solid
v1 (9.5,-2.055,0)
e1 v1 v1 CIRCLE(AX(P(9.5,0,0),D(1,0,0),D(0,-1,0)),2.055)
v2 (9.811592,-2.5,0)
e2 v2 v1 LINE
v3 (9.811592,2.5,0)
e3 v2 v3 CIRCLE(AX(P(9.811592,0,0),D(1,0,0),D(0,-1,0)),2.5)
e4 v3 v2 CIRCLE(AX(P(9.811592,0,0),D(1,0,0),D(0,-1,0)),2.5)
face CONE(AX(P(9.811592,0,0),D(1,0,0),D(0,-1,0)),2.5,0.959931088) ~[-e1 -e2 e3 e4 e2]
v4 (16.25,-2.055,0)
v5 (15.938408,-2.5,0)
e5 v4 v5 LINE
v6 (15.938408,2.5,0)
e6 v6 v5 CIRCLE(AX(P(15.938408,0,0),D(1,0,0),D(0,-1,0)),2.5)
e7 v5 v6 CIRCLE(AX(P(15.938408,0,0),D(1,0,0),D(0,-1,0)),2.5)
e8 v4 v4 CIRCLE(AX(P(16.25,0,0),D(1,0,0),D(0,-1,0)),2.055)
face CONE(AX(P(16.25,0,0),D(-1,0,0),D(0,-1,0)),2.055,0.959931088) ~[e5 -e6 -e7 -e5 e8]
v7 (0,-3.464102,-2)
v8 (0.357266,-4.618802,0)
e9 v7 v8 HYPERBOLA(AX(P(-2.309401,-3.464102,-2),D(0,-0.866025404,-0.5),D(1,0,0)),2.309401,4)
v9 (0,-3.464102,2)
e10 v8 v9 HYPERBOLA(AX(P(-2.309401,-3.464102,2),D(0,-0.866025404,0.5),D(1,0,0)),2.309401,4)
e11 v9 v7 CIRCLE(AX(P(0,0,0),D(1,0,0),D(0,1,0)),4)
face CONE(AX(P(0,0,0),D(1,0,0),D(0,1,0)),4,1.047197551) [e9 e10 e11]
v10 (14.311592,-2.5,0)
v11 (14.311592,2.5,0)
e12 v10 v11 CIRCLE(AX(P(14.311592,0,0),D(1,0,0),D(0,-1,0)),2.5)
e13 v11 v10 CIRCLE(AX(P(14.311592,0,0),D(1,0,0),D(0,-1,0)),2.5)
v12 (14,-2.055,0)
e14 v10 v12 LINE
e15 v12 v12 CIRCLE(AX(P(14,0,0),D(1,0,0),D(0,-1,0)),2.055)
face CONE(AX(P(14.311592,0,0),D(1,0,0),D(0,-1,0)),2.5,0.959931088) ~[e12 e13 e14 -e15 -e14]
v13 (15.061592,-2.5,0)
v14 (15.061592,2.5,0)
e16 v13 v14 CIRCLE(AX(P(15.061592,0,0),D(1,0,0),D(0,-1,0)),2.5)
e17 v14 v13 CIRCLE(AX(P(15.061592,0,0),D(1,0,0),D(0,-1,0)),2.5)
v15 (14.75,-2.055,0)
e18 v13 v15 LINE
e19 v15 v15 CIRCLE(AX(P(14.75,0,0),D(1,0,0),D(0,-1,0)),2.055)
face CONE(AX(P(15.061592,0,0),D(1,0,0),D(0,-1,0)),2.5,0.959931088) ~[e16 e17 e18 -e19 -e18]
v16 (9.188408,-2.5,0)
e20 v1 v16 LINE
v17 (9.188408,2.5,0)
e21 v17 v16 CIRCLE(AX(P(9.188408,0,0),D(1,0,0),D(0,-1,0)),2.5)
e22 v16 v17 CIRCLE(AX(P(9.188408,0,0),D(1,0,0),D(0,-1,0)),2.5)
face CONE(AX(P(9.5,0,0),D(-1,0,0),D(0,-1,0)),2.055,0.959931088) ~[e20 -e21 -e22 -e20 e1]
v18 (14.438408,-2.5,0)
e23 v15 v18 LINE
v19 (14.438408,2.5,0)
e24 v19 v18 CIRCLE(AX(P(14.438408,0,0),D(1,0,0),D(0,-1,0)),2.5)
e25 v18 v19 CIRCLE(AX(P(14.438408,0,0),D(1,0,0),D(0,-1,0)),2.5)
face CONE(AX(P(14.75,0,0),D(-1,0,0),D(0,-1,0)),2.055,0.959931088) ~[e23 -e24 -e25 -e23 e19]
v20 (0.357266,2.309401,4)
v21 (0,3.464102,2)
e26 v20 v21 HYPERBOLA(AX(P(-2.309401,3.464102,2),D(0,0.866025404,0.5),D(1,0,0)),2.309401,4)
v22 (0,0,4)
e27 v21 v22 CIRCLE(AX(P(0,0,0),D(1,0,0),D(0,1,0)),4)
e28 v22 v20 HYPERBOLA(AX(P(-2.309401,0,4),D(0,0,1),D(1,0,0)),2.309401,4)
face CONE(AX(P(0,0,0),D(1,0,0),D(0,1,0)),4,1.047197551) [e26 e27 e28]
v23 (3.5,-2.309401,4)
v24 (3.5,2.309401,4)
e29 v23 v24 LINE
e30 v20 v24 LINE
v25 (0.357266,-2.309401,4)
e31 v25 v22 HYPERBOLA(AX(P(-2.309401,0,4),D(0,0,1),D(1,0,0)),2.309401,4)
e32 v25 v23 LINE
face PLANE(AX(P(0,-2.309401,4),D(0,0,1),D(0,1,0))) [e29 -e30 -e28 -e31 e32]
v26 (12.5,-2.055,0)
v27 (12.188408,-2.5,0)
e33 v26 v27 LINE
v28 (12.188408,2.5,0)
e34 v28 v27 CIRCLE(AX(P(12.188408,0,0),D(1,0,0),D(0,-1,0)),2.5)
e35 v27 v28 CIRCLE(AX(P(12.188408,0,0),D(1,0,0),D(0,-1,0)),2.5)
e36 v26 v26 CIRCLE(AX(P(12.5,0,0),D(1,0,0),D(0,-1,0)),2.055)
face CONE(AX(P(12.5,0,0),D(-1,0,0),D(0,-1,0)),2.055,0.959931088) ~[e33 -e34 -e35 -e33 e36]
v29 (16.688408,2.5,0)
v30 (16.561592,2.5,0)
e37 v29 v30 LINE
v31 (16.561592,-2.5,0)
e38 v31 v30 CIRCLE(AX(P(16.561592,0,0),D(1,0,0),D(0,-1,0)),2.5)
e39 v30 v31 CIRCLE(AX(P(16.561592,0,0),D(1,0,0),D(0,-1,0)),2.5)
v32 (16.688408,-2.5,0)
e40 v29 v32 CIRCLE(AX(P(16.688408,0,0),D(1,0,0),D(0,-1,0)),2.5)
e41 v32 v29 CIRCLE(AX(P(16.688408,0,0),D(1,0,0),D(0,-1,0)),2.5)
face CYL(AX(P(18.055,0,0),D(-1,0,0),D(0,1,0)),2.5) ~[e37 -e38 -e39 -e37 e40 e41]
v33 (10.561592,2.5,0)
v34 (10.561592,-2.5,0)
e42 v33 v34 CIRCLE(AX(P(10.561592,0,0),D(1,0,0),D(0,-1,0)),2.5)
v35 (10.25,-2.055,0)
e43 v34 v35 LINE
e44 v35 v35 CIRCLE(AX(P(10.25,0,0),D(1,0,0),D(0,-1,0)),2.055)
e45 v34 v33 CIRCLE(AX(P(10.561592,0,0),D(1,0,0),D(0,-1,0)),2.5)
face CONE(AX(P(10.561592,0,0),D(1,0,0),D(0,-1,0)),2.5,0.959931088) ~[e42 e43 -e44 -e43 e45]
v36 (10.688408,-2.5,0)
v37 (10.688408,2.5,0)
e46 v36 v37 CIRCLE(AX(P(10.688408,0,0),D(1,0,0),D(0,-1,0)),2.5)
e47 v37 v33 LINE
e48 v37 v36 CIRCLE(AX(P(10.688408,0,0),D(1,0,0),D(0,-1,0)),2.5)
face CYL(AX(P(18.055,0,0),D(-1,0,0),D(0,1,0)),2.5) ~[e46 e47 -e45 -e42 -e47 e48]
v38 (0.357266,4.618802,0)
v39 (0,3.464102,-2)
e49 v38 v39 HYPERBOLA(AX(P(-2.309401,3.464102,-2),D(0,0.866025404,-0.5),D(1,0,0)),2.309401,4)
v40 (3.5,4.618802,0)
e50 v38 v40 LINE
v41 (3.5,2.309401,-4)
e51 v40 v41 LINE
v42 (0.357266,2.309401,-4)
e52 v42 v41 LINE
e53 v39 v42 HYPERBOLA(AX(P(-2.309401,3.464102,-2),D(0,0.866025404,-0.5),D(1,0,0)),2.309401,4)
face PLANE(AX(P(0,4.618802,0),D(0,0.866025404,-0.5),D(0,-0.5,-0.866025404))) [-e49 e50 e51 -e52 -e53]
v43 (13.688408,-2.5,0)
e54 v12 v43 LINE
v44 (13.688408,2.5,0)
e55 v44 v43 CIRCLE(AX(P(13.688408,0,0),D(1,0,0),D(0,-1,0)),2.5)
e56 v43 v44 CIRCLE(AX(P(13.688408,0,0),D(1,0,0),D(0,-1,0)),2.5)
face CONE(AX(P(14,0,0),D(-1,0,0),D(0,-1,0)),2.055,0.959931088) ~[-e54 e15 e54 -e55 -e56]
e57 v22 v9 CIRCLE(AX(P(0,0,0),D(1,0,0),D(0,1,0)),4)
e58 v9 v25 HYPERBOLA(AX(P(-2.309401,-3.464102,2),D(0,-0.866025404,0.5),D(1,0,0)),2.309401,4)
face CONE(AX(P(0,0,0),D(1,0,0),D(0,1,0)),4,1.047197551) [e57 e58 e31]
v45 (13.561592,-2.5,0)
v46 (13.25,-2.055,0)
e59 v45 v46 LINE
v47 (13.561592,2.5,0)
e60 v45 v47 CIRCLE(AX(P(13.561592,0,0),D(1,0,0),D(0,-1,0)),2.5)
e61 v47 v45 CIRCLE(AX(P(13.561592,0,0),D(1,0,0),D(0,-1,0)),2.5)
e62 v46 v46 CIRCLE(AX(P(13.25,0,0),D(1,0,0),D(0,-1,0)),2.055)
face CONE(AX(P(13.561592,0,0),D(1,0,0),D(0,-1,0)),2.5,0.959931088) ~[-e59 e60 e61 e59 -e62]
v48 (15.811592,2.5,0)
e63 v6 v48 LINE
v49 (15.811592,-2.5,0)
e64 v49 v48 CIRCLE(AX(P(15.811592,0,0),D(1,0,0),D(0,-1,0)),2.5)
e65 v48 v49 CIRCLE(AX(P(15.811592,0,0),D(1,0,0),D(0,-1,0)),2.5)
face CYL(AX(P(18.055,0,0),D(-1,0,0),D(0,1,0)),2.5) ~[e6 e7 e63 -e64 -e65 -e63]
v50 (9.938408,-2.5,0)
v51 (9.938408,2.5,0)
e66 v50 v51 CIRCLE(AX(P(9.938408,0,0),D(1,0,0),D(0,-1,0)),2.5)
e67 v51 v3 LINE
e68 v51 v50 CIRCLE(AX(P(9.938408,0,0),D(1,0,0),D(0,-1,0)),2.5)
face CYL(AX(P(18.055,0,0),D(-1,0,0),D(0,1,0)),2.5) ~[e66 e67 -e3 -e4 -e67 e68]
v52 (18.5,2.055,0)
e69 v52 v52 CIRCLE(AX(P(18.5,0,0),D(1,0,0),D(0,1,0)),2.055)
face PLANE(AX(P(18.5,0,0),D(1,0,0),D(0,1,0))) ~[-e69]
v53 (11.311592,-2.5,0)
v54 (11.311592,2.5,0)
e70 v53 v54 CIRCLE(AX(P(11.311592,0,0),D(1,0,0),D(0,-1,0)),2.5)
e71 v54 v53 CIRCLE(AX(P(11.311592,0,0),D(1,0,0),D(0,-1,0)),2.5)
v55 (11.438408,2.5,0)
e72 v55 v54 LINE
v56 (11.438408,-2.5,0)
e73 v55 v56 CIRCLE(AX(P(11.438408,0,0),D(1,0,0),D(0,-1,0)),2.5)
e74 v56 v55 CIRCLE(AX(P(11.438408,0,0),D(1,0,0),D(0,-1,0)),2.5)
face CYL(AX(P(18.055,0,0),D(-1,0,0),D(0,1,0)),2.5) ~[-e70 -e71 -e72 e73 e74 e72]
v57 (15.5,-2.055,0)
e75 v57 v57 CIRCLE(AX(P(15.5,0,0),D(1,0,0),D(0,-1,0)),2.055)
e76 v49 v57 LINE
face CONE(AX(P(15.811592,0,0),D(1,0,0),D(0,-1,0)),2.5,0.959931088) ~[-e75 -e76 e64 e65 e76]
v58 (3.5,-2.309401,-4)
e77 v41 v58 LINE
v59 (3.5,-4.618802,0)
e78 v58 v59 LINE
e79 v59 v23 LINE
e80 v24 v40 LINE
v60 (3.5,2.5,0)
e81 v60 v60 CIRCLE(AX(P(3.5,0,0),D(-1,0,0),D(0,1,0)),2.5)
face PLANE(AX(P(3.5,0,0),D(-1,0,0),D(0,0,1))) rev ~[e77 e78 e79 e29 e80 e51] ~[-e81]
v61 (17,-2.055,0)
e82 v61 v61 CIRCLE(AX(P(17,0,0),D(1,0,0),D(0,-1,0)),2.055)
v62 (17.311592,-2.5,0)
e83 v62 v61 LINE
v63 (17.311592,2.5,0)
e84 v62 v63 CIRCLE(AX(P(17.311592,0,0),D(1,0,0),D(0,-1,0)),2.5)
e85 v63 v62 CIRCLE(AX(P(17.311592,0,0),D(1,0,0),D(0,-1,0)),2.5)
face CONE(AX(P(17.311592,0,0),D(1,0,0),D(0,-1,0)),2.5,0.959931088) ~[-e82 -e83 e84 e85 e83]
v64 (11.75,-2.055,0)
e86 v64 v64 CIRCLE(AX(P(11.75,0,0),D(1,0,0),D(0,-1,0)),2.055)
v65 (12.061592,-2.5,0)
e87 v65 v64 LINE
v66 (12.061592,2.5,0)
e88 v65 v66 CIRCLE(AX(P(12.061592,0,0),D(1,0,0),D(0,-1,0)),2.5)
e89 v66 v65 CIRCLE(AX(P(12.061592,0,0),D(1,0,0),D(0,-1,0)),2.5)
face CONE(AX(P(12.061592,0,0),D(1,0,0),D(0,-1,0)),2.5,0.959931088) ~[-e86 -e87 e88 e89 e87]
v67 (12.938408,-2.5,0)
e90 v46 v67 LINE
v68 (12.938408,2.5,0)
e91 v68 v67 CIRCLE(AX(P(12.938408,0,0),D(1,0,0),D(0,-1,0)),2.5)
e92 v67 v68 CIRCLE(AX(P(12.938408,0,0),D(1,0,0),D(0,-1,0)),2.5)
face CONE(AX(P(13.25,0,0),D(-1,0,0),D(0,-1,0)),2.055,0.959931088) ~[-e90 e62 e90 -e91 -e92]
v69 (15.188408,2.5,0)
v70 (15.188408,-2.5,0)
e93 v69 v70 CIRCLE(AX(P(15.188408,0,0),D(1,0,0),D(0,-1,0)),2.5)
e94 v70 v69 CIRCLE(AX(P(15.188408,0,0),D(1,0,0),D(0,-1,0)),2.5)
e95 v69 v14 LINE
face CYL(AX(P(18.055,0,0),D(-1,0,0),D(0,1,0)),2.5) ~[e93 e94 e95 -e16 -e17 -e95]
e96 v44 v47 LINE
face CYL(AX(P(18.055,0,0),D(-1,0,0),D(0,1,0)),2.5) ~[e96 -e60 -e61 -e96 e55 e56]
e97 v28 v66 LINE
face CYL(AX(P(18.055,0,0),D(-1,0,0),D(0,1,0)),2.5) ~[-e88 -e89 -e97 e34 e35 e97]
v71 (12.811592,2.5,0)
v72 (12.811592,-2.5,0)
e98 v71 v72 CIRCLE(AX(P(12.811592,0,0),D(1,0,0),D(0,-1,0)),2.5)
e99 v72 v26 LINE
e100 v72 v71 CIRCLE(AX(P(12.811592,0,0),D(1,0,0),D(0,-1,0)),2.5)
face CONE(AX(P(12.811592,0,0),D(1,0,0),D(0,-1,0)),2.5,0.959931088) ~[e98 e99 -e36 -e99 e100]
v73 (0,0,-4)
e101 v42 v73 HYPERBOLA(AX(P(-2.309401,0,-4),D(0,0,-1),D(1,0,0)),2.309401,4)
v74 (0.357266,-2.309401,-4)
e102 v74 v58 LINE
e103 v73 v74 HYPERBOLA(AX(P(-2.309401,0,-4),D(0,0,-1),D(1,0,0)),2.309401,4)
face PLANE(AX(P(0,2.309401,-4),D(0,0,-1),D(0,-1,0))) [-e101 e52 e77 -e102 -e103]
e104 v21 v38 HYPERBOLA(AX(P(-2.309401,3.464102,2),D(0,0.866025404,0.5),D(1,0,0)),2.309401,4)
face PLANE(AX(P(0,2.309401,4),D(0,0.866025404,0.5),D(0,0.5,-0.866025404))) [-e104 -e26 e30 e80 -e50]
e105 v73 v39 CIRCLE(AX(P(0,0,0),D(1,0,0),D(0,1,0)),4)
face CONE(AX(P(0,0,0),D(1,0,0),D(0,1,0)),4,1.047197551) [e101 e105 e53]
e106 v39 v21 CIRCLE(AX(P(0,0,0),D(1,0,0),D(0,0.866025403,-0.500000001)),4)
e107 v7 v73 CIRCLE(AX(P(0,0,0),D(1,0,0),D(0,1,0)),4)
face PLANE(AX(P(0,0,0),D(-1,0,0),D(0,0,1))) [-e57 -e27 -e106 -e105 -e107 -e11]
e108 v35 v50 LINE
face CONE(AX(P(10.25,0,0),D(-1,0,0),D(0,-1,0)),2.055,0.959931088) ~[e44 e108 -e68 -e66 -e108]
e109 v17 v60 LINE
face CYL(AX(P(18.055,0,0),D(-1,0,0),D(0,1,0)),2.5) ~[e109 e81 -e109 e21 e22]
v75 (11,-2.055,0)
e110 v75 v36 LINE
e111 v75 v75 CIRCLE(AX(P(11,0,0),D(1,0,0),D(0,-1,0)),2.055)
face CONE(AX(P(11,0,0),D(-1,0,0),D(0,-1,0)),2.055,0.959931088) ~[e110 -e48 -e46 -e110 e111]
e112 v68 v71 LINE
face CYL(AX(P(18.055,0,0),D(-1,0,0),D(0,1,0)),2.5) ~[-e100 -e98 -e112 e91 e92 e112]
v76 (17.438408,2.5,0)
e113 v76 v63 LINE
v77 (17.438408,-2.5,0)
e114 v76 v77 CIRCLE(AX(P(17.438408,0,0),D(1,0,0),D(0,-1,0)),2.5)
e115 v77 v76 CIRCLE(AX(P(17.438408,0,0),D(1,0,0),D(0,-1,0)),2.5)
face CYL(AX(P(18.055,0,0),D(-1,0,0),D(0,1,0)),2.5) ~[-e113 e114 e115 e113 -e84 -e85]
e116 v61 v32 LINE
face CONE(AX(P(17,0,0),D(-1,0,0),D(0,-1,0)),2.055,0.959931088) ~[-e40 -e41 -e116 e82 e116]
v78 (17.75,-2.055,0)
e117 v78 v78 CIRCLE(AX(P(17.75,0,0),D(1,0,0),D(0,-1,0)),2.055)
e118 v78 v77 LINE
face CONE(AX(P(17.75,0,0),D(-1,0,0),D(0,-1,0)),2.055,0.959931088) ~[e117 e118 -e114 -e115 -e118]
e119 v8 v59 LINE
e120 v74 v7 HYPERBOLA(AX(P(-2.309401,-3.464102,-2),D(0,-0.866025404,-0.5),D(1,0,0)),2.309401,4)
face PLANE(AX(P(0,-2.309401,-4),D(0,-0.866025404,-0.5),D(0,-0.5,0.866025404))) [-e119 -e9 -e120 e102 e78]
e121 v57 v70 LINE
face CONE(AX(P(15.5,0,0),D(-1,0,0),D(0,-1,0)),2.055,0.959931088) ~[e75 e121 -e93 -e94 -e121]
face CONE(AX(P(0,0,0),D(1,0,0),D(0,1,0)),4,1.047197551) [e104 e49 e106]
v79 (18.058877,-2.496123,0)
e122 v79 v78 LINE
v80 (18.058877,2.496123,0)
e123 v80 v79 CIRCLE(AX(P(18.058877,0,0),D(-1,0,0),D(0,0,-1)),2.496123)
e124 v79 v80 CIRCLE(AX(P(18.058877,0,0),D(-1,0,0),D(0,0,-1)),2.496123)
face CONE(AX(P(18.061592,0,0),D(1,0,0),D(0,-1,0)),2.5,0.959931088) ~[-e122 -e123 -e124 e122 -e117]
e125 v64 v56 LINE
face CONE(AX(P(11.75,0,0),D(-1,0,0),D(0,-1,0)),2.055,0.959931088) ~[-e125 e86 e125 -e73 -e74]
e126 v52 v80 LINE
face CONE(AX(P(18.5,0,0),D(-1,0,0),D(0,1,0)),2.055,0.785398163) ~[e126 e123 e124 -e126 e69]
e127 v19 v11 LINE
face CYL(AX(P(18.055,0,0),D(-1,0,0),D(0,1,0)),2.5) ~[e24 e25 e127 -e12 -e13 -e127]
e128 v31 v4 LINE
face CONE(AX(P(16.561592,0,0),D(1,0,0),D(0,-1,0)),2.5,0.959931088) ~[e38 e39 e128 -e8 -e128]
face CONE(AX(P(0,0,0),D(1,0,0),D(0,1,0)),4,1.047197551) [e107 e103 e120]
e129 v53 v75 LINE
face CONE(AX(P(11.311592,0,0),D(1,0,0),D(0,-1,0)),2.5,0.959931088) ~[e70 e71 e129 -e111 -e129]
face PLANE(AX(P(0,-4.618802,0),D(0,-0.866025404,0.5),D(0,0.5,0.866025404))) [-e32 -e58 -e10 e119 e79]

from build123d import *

# Parameters (mm, degrees)
BASEHEAD_DEPTH  = 3.5
THDSCHPAT_COUNT = 12
THDSCHPAT_PITCH = 0.75


with BuildPart() as part:
    # Sketch1 → BaseHead (new body)
    with BuildSketch(Plane(origin=(0, 0, 0), x_dir=(0, 0, -1), z_dir=(1, 0, 0))):
        Polygon((4, 2.309401077), (4, -2.309401077), (0, -4.618802154), (-4, -2.309401077), (-4, 2.309401077), (0, 4.618802154), align=None)
    extrude(amount=BASEHEAD_DEPTH)

    # BodySke → BaseBody (revolve)
    with BuildSketch(Plane.XY):
        Polygon((0, 0), (18.5, 0), (18.5, 2.055), (18.055, 2.5), (0, 2.5), align=None)
    revolve(axis=Axis((0, 0, 0), (1, 0, 0)))

    # Sketch3 → HeadChamfer (revolve, cut)
    with BuildSketch(Plane.XY):
        Polygon((0, 4), (3.244016936, 9.618802154), (3.244016936, 14.618802154), (-10, 14.618802154), (-10, 4), align=None)
    revolve(axis=Axis((0, 0, 0), (1, 0, 0)), mode=Mode.SUBTRACT)

    # ThdSchSke → ThreadSchematic (revolve, cut)
    with BuildSketch(Plane.XY):
        Polygon((9.5, -2.055), (9.188407645, -2.5), (9.188407645, -3.125), (9.811592355, -3.125), (9.811592355, -2.5), align=None)
    threadschematic = revolve(axis=Axis((-3.175, 0, 0), (1, 0, 0)), mode=Mode.SUBTRACT)

    # ThdSchPat: ThreadSchematic ×12
    with Locations(*[(i * THDSCHPAT_PITCH, 0, 0) for i in range(1, THDSCHPAT_COUNT)]):
        add(threadschematic, mode=Mode.SUBTRACT)


solid = part.part
